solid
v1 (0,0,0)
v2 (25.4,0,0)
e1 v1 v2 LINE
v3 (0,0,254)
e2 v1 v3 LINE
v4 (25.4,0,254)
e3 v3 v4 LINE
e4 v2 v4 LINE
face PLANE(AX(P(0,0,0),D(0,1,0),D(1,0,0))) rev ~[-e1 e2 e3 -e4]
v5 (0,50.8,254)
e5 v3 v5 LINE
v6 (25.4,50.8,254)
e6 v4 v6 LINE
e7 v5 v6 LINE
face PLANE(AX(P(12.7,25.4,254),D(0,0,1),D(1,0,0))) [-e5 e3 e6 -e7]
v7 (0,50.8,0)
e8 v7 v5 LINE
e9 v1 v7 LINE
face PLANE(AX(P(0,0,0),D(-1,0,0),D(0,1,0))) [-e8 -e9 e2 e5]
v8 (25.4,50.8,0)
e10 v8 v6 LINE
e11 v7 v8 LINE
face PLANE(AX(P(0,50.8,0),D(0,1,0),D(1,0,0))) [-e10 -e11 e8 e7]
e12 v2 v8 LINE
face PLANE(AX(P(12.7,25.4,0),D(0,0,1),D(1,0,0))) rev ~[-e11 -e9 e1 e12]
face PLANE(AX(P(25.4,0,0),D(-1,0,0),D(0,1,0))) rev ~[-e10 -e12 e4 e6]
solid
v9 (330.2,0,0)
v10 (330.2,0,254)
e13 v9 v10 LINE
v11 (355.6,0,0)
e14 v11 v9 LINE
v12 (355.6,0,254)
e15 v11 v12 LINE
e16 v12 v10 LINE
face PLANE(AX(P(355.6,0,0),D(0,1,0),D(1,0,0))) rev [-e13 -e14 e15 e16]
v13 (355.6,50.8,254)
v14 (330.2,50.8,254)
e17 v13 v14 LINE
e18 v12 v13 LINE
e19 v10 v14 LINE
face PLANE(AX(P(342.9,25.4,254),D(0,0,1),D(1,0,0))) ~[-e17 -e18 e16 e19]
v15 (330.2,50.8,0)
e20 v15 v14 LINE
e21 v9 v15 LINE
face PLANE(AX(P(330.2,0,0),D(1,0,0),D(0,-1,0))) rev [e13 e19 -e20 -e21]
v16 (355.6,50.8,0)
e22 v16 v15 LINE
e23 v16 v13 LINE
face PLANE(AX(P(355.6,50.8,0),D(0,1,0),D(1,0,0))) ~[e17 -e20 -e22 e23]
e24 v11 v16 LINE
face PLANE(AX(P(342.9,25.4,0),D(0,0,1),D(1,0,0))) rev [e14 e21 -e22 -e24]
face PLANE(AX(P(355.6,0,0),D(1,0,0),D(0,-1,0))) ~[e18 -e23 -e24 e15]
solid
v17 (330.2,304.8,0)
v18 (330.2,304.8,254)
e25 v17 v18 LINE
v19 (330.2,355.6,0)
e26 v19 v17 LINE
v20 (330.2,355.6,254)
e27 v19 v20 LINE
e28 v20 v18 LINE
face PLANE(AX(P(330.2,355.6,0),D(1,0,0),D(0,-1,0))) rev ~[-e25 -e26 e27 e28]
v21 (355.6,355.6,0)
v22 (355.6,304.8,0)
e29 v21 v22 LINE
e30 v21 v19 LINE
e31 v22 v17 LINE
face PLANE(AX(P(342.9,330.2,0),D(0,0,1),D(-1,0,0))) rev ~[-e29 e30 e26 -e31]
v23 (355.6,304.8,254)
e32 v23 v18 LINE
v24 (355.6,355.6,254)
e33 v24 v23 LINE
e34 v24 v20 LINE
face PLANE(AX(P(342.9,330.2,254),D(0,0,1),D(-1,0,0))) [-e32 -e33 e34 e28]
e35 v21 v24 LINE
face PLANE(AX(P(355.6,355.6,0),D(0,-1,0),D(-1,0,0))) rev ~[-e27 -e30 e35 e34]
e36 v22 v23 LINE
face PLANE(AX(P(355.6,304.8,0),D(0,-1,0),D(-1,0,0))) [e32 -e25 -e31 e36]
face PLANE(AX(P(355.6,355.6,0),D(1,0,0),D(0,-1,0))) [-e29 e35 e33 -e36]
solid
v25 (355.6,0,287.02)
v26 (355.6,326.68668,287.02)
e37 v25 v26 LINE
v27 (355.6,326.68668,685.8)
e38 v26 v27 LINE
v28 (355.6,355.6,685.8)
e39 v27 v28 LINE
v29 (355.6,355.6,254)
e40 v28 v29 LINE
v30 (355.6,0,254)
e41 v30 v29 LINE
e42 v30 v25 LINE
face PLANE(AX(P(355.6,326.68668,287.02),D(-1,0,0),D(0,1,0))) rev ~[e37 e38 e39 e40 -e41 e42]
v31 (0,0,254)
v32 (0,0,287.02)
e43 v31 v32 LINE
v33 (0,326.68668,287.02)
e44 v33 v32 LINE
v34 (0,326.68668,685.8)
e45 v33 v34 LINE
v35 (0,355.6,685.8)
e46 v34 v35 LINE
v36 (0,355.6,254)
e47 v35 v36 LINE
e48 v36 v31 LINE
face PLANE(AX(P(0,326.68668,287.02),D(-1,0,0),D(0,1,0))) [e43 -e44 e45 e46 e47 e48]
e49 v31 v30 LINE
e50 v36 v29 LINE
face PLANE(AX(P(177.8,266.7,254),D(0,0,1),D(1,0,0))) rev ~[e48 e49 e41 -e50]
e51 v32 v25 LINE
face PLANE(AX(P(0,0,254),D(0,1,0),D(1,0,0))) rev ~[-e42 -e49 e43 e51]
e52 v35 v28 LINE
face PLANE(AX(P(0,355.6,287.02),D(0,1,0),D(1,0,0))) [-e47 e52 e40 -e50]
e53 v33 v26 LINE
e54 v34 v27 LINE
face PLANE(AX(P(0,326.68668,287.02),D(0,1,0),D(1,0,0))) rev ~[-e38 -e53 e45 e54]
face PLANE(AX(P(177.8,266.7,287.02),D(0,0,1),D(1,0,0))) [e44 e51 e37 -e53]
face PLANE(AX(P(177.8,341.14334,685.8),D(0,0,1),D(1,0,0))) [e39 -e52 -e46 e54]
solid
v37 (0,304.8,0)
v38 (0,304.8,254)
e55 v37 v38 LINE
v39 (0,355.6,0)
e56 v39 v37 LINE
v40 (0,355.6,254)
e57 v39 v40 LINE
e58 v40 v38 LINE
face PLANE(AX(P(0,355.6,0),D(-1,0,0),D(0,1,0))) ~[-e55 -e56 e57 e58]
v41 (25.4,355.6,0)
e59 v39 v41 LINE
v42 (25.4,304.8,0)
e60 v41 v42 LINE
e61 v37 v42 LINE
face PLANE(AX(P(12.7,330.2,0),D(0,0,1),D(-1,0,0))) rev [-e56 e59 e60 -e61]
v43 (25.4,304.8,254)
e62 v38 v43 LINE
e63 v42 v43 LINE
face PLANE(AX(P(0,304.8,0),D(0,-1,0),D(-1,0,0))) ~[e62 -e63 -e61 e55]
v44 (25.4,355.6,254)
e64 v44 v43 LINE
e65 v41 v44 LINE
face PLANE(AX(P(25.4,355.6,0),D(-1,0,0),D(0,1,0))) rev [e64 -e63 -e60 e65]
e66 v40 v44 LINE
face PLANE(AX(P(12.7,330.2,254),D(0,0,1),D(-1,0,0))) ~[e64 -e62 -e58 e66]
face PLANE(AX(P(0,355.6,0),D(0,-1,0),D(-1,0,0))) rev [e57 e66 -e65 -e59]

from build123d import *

# Parameters (mm, degrees)
F0_W     = 25.4
F0_H     = 50.8
F1_DEPTH = 254
F2_W     = 355.6
F2_H     = 177.8
F2_W_2   = 25.4
F2_H_2   = 50.8
F5_DEPTH = 33.02
F8_W     = 355.6
F8_H     = 28.9133196831
F9_DEPTH = 398.78


with BuildPart() as f1:
    # F0 (on Top) → F1 (new body)
    with BuildSketch(Plane.XY):
        with Locations((12.7, 25.4)):
            Rectangle(F0_W, F0_H)
    extrude(amount=F1_DEPTH)


with BuildPart() as f4_1:
    # F4: instance of F1
    add(f1.part.mirror(Plane.YZ.offset(177.8)))


with BuildPart() as f5:
    # F2 (on face) → F5 (new body)
    with BuildSketch(Plane.XY.offset(254)):
        with Locations((177.8, 266.7)):
            Rectangle(F2_W, F2_H)
        Polygon((25.4, 50.8), (25.4, 0), (355.6, 0), (355.6, 177.8), (0, 177.8), (0, 50.8), align=None)
        with Locations((12.7, 25.4)):
            Rectangle(F2_W_2, F2_H_2)
    extrude(amount=F5_DEPTH)

    # F8 (on face) → F9 (join)
    with BuildSketch(Plane.XY.offset(287.02)):
        with Locations((177.8, 341.1433401585)):
            Rectangle(F8_W, F8_H)
    extrude(amount=F9_DEPTH)


with BuildPart() as f7_1:
    # F7: instance of F1
    add(f1.part.mirror(Plane.XZ.offset(-177.8)))


with BuildPart() as f7_2:
    # F7: instance of F4_1
    add(f4_1.part.mirror(Plane.XZ.offset(-177.8)))


solid = Compound([f1.part, f4_1.part, f5.part, f7_1.part, f7_2.part])
